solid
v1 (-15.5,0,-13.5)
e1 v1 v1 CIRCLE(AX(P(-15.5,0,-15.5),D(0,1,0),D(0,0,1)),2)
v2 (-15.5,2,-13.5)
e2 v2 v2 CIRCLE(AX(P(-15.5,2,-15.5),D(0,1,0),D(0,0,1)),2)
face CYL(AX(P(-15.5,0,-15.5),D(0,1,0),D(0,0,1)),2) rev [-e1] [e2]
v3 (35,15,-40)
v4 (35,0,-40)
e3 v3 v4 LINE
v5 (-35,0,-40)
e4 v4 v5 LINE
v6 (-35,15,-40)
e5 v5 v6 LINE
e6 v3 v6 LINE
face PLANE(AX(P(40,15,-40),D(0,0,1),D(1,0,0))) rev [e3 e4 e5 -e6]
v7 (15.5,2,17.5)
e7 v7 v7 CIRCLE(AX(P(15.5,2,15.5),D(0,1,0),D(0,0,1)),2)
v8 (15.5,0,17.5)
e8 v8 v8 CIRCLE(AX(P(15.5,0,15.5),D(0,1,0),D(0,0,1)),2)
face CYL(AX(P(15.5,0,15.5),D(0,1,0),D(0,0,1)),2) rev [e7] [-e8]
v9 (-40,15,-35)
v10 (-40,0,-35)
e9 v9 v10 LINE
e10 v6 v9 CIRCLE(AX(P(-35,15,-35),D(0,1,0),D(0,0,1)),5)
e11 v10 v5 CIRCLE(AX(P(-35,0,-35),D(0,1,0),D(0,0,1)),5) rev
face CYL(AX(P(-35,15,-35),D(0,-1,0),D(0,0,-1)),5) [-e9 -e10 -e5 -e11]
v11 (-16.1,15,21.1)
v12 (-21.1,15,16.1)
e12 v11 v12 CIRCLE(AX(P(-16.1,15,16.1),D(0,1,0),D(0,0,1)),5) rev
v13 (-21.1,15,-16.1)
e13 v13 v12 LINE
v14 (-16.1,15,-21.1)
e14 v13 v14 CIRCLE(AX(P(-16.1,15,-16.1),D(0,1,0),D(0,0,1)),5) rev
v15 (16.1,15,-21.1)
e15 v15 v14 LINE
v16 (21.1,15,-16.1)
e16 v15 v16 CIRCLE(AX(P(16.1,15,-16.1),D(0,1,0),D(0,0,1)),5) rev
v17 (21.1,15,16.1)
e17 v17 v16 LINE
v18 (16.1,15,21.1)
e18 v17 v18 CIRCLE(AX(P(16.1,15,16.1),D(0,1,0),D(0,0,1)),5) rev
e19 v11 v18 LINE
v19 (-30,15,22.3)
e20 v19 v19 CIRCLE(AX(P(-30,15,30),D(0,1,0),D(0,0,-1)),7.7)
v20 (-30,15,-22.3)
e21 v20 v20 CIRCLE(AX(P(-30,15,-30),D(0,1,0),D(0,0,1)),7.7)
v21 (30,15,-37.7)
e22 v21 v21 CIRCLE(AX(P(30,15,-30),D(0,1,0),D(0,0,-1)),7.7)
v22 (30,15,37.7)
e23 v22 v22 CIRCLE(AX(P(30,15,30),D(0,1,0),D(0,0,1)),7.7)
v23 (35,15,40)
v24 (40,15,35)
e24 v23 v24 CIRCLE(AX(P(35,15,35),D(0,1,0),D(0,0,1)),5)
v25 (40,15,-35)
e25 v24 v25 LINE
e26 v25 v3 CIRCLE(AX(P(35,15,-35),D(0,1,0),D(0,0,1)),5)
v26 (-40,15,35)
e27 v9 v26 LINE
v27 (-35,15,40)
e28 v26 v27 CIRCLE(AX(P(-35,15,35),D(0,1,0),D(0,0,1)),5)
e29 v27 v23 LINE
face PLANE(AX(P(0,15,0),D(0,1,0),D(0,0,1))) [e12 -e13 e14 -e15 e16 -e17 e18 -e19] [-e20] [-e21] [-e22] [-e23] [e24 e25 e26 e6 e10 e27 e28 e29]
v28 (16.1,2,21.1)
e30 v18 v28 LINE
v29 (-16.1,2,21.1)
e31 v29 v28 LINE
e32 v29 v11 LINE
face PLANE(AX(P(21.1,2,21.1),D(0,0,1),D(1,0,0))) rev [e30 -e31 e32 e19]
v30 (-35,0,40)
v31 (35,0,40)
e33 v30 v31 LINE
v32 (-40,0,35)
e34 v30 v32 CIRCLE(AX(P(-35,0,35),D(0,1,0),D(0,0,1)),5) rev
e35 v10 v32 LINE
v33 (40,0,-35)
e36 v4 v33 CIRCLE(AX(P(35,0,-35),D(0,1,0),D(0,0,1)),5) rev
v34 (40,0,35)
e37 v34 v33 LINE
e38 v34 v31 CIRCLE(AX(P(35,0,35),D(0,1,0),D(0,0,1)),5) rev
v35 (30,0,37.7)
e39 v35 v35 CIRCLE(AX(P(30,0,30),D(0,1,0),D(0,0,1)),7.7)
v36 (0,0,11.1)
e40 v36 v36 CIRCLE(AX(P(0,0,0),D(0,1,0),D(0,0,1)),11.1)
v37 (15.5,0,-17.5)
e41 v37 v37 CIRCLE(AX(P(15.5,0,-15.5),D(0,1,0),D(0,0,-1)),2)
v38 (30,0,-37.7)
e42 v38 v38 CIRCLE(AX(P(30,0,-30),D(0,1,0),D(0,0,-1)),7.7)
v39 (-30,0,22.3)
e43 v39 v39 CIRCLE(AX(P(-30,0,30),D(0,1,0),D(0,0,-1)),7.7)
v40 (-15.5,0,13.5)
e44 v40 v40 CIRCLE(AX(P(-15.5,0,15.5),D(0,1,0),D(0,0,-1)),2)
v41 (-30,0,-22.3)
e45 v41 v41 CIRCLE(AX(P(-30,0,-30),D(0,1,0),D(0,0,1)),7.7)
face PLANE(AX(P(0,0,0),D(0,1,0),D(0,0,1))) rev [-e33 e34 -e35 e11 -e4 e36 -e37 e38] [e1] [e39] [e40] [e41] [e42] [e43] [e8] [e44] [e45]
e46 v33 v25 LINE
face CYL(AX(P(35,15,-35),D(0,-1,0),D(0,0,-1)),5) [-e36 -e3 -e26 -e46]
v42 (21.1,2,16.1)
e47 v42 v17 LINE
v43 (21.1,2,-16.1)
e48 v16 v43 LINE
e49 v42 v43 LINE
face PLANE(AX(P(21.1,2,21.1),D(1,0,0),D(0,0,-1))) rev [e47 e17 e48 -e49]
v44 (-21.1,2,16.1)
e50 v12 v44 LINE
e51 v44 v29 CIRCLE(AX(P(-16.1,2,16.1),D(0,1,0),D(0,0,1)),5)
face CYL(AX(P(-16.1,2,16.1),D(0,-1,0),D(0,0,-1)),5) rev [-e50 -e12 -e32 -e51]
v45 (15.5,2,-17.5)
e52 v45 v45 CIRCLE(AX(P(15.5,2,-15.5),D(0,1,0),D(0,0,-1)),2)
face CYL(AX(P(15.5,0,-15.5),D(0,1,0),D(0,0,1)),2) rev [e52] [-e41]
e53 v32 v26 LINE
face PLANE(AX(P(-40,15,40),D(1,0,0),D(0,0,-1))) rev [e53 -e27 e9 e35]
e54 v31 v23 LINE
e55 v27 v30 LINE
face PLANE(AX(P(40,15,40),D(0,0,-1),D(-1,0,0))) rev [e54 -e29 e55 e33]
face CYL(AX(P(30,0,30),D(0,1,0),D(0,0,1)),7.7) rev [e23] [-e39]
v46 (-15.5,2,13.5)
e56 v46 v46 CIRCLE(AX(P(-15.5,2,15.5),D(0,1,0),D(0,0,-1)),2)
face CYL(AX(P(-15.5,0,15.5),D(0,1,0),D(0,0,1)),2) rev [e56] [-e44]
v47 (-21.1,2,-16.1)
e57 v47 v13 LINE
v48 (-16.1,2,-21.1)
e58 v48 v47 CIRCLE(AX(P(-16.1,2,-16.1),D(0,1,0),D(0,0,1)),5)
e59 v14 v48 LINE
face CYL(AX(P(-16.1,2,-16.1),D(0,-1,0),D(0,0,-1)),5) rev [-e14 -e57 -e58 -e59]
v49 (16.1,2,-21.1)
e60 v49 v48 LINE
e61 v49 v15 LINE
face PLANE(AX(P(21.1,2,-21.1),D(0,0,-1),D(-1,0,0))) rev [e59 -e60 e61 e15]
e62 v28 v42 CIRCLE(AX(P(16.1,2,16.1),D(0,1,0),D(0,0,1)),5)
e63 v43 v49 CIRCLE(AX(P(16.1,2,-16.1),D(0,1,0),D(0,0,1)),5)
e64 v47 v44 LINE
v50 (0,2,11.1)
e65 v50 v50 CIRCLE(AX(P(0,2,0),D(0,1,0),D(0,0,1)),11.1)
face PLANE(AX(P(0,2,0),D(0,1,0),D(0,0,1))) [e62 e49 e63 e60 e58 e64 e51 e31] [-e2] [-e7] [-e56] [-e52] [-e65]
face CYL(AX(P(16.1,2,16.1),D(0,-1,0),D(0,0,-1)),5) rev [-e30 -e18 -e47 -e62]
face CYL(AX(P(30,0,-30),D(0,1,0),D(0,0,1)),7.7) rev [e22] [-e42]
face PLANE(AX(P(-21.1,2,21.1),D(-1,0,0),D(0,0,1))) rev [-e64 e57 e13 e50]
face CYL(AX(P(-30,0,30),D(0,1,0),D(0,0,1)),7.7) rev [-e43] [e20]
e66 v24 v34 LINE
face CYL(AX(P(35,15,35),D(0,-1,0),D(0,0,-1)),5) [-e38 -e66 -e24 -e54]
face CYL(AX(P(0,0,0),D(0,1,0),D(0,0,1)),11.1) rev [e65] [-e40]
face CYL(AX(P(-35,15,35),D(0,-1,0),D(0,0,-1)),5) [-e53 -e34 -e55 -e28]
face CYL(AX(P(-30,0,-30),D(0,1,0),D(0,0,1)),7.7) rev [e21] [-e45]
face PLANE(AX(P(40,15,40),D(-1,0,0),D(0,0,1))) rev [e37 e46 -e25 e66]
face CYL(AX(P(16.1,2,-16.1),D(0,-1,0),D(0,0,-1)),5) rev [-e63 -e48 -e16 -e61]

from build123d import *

# Parameters (mm, degrees)
ESBO_O1_W                = 80
ESBO_O1_H                = 80
RESSALTO_EXTRUS_O1_DEPTH = 15
ESBO_O2_W                = 42.2
ESBO_O2_H                = 42.2
CORTE_EXTRUS_O1_DEPTH    = 13
FILETE1_R                = 5
ESBO_O3_R                = 11.1
ESBO_O3_R_2              = 2
CORTE_EXTRUS_O2_DEPTH    = 3
ESBO_O4_R                = 7.7
CORTE_EXTRUS_O3_DEPTH    = 16
FILETE2_R                = 5


with BuildPart() as part:
    # Esboço1 → Ressalto-extrusão1 (new body)
    with BuildSketch(Plane(origin=(0, 0, 0), x_dir=(1, 0, 0), z_dir=(0, 1, 0))):
        Rectangle(ESBO_O1_W, ESBO_O1_H)
    extrude(amount=RESSALTO_EXTRUS_O1_DEPTH)

    # Esboço2 → Corte-extrusão1 (cut)
    with BuildSketch(Plane(origin=(0, 15, 0), x_dir=(1, 0, 0), z_dir=(0, 1, 0))):
        Rectangle(ESBO_O2_W, ESBO_O2_H)
    extrude(amount=-CORTE_EXTRUS_O1_DEPTH, mode=Mode.SUBTRACT)

    # Filete1
    filete1_edges = [part.edges().sort_by_distance(p)[0] for p in [
        (-21.1, 8.5, 21.1),
        (-21.1, 8.5, -21.1),
        (21.1, 8.5, -21.1),
        (21.1, 8.5, 21.1),
    ]]
    fillet(filete1_edges, radius=FILETE1_R)

    # Esboço3 → Corte-extrusão2 (cut, through all)
    with BuildSketch(Plane(origin=(0, 2, 0), x_dir=(1, 0, 0), z_dir=(0, 1, 0))):
        Circle(ESBO_O3_R)
        with Locations((-15.5, 15.5)):
            Circle(ESBO_O3_R_2)
        with Locations((15.5, 15.5)):
            Circle(ESBO_O3_R_2)
        with Locations((15.5, -15.5)):
            Circle(ESBO_O3_R_2)
        with Locations((-15.5, -15.5)):
            Circle(ESBO_O3_R_2)
    extrude(amount=-CORTE_EXTRUS_O2_DEPTH, mode=Mode.SUBTRACT)

    # Esboço4 → Corte-extrusão3 (cut, through all)
    with BuildSketch(Plane(origin=(0, 15, 0), x_dir=(1, 0, 0), z_dir=(0, 1, 0))):
        with Locations((-30, 30)):
            Circle(ESBO_O4_R)
        with Locations((30, 30)):
            Circle(ESBO_O4_R)
        with Locations((30, -30)):
            Circle(ESBO_O4_R)
        with Locations((-30, -30)):
            Circle(ESBO_O4_R)
    extrude(amount=-CORTE_EXTRUS_O3_DEPTH, mode=Mode.SUBTRACT)

    # Filete2
    filete2_edges = [part.edges().sort_by_distance(p)[0] for p in [
        (-40, 7.5, -40),
        (40, 7.5, -40),
        (40, 7.5, 40),
        (-40, 7.5, 40),
    ]]
    fillet(filete2_edges, radius=FILETE2_R)


solid = part.part
